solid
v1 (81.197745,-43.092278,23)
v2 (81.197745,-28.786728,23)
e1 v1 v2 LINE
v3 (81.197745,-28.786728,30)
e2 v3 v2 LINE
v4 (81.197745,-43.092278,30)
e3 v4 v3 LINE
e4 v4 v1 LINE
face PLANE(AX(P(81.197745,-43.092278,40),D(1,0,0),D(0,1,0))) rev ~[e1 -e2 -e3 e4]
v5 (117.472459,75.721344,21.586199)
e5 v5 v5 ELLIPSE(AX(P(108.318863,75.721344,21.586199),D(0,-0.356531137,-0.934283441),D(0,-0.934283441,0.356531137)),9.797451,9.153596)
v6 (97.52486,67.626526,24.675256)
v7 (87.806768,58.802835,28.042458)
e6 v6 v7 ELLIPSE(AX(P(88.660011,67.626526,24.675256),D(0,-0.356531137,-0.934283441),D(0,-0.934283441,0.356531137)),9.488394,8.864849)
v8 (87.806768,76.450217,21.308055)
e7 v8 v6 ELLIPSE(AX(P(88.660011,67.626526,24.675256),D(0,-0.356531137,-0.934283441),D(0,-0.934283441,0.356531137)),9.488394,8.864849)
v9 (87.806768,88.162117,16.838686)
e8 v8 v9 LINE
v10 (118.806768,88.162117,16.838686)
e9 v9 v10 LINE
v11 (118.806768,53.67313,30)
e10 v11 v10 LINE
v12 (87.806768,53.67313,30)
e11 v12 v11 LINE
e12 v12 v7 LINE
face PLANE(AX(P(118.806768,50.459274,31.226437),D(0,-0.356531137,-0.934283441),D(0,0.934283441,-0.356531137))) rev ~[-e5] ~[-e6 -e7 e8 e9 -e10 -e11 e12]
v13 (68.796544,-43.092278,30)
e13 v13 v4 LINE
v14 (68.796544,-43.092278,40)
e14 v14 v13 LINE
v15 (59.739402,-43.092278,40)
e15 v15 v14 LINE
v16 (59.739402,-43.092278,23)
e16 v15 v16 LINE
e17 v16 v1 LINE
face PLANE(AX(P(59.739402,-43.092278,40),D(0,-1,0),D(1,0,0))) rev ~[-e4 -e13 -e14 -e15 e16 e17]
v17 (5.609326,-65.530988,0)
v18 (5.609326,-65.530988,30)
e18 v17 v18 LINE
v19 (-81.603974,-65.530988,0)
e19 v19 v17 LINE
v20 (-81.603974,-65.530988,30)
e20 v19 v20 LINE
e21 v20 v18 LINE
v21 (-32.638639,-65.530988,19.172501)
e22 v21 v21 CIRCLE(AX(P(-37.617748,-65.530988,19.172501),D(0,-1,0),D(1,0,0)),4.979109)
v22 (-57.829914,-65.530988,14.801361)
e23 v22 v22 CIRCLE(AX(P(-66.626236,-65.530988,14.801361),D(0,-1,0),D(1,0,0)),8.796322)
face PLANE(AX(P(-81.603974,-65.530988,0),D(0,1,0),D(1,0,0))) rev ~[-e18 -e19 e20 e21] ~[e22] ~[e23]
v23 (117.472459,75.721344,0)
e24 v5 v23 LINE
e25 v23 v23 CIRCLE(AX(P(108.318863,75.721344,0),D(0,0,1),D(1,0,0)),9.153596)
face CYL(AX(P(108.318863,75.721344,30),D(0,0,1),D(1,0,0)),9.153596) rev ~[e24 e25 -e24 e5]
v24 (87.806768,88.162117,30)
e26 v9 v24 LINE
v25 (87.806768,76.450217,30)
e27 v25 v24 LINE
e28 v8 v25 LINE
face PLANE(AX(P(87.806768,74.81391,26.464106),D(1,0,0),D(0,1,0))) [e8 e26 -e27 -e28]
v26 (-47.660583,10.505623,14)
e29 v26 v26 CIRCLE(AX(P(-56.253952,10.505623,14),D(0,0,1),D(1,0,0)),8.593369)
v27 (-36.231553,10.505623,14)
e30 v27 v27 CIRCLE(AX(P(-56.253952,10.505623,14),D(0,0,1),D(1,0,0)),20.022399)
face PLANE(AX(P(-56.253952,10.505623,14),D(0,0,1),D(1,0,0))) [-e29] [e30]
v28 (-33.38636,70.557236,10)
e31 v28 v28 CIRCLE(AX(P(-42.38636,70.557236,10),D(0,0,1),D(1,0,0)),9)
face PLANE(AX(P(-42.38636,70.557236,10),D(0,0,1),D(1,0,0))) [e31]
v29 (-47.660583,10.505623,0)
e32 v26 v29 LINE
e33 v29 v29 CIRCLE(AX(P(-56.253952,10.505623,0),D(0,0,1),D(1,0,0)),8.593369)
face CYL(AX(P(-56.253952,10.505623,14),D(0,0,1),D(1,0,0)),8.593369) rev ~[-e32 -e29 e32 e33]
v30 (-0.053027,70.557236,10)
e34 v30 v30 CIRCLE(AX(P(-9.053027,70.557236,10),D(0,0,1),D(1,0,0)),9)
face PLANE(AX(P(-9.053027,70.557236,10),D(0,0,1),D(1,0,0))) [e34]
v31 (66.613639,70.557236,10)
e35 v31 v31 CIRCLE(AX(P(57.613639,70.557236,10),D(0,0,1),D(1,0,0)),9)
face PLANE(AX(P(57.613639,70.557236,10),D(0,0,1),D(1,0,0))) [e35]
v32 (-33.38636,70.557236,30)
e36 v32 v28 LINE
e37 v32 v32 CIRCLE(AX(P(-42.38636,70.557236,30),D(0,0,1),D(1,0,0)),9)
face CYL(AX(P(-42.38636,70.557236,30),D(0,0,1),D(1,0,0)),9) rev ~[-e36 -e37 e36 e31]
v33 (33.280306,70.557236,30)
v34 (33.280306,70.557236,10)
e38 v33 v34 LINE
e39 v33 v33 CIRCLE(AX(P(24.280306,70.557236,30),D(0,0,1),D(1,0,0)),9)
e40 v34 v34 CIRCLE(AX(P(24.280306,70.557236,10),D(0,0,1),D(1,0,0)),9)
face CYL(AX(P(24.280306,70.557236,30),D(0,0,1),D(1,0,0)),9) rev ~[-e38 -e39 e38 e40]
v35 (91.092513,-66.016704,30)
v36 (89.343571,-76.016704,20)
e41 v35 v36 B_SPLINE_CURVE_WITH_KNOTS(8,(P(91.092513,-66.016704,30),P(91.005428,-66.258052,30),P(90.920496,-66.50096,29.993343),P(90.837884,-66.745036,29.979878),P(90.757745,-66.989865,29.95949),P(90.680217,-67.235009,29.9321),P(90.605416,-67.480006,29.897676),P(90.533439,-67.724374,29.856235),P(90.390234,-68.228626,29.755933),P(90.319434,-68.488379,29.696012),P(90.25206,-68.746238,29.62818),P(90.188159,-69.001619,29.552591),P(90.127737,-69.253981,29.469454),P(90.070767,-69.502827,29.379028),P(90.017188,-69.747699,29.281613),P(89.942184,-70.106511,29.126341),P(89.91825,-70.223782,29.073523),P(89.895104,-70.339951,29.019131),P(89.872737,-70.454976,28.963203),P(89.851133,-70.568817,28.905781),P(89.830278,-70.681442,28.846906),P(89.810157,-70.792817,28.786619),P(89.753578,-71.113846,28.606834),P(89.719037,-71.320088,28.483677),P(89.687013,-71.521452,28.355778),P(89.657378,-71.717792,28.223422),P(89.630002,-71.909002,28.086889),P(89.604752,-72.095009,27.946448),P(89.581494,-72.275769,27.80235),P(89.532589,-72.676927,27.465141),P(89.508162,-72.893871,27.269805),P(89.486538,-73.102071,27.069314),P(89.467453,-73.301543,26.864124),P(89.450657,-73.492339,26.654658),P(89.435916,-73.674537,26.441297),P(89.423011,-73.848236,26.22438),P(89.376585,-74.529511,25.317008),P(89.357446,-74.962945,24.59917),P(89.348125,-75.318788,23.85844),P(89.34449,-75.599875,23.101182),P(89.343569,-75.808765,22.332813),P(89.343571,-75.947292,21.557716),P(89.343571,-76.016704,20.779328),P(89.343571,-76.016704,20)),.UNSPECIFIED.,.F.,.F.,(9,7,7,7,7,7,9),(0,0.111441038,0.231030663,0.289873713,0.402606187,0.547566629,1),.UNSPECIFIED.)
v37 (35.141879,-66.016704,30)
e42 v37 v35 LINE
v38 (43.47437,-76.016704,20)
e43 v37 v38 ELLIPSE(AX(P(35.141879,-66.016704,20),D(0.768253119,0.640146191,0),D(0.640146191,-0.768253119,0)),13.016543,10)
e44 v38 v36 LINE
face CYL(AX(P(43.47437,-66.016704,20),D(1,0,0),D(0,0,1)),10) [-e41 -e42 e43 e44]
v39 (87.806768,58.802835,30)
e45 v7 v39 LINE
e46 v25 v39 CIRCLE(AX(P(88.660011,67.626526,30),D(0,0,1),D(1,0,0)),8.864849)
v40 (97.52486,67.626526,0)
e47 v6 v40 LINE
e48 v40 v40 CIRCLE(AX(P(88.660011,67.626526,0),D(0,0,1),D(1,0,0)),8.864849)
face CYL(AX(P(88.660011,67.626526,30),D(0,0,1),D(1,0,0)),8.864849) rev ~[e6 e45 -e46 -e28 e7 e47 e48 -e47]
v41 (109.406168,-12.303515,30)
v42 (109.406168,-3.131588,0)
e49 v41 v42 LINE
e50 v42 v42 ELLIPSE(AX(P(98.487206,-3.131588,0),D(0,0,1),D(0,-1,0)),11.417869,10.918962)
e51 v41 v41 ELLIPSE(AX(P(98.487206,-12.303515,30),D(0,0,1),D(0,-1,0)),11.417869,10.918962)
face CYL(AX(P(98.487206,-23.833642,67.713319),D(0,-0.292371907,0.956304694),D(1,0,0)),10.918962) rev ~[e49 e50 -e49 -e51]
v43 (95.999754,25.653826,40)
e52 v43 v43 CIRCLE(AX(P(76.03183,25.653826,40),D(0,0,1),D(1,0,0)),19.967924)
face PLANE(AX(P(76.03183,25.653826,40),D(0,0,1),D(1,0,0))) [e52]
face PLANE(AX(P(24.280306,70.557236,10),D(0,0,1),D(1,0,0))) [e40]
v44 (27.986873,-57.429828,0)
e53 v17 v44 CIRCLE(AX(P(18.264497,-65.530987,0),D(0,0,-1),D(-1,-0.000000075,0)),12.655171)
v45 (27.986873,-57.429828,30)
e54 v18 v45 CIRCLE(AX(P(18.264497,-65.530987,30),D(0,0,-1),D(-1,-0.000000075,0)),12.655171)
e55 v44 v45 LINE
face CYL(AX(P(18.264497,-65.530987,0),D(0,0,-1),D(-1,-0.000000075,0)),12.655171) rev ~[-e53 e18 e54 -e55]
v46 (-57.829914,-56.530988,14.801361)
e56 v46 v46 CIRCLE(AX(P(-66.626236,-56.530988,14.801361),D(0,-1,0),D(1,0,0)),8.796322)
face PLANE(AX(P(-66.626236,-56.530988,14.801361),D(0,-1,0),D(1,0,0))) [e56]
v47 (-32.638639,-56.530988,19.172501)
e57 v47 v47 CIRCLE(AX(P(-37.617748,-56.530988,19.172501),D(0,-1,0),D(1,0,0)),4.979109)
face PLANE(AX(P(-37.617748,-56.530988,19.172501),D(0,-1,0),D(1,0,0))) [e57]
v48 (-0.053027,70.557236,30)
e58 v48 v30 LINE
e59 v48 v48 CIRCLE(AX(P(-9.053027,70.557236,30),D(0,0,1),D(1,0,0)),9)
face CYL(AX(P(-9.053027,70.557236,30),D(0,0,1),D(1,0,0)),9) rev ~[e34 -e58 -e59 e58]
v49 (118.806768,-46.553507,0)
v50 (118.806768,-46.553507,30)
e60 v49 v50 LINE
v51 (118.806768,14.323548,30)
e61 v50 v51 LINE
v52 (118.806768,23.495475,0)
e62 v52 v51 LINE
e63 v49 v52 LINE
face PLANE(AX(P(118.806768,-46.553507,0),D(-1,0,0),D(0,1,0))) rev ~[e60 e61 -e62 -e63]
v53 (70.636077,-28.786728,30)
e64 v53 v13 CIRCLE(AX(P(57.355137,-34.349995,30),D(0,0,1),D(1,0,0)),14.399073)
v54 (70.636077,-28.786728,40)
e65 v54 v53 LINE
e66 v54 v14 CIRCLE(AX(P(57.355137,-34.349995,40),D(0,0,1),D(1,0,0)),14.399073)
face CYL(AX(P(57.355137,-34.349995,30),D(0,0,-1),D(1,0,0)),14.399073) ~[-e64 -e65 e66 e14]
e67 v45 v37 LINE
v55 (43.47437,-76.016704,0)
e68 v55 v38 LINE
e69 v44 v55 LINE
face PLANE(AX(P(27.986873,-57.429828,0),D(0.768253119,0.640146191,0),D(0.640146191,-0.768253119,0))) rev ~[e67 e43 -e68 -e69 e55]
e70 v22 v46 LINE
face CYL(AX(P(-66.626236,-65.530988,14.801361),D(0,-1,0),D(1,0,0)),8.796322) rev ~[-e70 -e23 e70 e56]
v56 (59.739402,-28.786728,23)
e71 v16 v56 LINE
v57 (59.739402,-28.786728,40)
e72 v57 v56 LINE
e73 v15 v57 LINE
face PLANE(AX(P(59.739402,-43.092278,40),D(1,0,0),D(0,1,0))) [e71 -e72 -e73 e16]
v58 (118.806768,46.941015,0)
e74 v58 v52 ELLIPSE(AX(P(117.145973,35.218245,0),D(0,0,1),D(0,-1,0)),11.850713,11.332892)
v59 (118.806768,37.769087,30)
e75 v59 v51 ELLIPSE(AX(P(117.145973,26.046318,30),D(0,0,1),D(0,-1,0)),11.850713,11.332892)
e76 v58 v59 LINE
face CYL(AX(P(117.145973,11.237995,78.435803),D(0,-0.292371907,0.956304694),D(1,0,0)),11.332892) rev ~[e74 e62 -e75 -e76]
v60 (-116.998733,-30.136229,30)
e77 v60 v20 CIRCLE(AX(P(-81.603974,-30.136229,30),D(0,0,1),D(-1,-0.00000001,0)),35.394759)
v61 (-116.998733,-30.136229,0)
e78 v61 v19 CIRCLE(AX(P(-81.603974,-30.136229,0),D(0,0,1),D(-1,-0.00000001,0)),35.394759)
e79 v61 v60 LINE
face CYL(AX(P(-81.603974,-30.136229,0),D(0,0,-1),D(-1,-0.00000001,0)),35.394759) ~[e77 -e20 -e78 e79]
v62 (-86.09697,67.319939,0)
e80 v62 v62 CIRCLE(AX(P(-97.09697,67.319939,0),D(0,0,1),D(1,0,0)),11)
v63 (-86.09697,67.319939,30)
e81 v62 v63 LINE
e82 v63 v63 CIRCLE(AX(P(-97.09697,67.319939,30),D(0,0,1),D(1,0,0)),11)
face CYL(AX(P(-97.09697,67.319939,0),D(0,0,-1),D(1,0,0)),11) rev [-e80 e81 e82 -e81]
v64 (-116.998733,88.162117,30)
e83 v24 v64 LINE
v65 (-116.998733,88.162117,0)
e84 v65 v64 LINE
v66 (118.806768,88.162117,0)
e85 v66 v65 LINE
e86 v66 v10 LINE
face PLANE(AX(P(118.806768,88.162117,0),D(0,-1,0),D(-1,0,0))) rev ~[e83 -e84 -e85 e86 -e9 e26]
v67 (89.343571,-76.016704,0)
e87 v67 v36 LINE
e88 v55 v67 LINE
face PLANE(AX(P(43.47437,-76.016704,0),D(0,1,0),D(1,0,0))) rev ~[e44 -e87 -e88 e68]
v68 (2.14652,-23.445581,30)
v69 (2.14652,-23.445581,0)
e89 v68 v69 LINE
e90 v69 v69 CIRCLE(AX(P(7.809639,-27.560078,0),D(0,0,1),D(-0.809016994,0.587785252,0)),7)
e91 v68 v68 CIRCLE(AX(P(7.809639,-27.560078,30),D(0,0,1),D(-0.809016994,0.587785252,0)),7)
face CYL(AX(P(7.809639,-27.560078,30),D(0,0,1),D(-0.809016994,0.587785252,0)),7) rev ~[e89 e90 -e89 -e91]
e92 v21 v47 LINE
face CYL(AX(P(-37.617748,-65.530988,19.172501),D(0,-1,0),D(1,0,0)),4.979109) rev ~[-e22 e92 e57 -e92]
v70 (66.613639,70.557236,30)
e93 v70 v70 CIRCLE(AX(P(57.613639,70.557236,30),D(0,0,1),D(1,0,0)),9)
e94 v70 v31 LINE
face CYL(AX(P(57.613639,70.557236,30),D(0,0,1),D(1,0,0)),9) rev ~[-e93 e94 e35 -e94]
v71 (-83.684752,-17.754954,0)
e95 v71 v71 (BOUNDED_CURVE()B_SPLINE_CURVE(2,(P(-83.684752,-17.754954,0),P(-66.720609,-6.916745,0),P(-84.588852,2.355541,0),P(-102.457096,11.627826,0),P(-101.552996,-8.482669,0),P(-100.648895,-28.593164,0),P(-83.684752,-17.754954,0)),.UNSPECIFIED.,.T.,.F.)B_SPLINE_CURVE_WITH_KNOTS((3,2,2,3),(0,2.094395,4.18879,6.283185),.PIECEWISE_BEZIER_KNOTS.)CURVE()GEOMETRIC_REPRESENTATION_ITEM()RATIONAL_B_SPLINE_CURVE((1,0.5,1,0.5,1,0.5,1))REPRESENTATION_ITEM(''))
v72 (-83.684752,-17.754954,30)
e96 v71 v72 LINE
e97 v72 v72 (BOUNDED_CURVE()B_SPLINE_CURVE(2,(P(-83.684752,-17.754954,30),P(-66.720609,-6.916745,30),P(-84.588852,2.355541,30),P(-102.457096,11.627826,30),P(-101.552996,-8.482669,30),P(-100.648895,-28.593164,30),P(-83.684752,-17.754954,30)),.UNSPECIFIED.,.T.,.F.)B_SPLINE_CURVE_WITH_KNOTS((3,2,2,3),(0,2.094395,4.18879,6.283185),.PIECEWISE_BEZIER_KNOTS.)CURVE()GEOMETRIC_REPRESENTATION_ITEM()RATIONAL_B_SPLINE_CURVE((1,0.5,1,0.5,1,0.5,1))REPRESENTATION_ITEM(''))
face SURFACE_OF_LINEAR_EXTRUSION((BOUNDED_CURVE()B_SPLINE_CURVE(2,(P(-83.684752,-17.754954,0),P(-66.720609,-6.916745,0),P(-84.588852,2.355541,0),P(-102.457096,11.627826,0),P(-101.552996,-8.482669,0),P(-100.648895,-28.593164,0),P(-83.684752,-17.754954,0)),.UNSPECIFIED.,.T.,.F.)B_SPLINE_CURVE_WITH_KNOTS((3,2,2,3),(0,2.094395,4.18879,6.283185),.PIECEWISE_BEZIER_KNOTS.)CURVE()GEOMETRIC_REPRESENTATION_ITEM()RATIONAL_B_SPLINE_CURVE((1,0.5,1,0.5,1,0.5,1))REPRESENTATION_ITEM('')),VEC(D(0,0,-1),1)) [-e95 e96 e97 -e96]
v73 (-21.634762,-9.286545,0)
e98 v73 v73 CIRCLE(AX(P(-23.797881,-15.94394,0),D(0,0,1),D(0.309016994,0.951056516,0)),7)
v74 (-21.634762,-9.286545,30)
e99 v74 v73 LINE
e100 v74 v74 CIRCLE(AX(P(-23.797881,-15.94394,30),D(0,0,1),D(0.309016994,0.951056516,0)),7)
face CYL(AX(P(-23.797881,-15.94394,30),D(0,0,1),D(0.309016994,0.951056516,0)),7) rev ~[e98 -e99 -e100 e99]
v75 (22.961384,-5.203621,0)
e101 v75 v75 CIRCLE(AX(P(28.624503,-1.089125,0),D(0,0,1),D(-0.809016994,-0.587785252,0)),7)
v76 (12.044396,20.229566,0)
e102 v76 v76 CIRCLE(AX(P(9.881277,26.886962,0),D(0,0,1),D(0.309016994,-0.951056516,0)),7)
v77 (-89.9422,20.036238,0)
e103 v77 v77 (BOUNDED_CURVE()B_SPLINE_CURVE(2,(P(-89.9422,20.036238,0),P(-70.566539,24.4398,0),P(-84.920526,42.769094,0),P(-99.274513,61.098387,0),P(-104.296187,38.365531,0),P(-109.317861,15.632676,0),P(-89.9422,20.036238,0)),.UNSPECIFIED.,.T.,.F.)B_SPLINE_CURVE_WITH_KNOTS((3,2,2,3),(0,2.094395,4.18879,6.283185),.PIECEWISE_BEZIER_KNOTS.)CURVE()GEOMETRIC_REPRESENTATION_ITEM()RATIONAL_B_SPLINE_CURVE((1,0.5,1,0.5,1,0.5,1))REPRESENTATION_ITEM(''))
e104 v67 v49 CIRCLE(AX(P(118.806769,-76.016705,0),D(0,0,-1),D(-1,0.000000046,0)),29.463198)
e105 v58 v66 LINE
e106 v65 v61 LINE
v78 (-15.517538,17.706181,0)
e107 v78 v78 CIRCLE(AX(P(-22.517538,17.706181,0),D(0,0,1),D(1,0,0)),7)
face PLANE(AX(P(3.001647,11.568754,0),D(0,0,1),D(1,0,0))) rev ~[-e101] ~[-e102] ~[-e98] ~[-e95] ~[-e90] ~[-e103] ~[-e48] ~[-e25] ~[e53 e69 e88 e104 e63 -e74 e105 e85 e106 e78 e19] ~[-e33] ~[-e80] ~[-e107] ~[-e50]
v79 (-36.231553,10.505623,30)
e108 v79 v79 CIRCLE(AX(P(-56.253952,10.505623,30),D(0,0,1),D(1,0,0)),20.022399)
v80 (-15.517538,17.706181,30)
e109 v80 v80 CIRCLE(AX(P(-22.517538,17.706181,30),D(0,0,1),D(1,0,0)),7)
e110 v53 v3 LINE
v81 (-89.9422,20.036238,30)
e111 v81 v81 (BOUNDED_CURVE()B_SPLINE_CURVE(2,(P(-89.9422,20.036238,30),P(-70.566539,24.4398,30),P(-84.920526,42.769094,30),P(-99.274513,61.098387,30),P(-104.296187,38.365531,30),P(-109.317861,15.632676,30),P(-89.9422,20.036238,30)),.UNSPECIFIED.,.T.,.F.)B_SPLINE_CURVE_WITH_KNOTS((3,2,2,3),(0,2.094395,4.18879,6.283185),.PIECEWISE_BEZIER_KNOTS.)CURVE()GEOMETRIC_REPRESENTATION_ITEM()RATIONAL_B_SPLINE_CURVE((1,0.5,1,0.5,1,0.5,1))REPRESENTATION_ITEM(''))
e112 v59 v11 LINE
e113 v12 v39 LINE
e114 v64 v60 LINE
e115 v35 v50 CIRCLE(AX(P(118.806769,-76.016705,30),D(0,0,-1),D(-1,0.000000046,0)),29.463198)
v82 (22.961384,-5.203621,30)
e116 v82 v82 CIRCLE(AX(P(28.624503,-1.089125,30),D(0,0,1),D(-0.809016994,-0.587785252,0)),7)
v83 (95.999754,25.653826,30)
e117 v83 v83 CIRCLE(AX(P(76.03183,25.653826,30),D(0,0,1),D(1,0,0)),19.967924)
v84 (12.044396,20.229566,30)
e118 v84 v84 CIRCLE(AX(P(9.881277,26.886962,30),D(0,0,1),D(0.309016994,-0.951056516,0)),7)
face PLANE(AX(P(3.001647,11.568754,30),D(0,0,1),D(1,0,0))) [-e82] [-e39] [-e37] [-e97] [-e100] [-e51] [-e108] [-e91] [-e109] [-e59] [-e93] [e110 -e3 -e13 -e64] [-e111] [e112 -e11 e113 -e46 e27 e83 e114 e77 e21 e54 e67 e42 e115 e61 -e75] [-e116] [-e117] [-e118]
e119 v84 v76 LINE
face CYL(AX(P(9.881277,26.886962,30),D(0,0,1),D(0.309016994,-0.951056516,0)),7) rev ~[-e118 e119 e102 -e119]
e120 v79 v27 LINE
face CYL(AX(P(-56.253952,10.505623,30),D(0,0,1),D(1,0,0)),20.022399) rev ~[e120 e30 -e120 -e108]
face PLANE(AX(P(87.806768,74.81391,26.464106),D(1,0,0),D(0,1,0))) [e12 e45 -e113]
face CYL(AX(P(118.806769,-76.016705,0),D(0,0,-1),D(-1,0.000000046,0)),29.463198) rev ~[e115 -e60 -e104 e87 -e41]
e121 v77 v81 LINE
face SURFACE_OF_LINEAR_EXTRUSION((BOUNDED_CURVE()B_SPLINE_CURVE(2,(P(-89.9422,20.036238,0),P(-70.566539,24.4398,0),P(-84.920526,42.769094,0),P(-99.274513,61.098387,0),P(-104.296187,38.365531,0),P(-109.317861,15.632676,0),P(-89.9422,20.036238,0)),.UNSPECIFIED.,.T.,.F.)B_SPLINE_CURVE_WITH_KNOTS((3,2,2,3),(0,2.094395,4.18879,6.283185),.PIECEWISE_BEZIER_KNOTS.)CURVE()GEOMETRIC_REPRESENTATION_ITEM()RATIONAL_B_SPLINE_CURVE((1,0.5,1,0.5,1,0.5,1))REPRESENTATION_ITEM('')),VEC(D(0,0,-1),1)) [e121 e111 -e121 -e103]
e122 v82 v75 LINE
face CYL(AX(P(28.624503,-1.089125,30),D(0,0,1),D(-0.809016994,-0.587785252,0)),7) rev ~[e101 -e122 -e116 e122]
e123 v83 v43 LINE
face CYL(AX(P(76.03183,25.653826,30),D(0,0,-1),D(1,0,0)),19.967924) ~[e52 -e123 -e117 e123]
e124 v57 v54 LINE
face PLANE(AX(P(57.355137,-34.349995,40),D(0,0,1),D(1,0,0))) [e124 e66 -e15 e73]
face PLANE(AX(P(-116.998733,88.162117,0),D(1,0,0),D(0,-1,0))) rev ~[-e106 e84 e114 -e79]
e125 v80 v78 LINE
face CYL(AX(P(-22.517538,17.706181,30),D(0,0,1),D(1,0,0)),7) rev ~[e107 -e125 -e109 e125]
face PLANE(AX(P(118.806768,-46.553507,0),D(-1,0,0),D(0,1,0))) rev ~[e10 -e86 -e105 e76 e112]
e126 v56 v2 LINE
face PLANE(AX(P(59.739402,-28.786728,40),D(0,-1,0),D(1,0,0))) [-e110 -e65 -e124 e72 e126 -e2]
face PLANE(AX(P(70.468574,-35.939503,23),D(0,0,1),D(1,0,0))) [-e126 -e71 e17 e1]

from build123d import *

# Parameters (mm, degrees)
SKETCH_R            = 11
PAD_DEPTH           = 30
SKETCH001_R         = 9
POCKET_DEPTH        = 20
LINEARPATTERN_COUNT = 4
LINEARPATTERN_PITCH = 33.333333
SKETCH002_R         = 7
POCKET001_DEPTH     = 50
POLARPATTERN_COUNT  = 5
SKETCH003_R         = 19.967924
PAD001_DEPTH        = 10
SKETCH004_R         = 14.399073
PAD002_DEPTH        = 10
SKETCH005_W         = 21.458343
SKETCH005_H         = 14.30555
POCKET002_DEPTH     = 17
SKETCH006_R         = 8.796322
SKETCH006_R_2       = 4.979109
POCKET003_DEPTH     = 9
SKETCH007_R         = 9.153596
SKETCH007_R_2       = 8.864849
POCKET004_DEPTH     = 30.001
POCKET005_DEPTH     = 31
SKETCH009_R         = 20.022399
POCKET006_DEPTH     = 16
SKETCH010_R         = 8.593369
POCKET007_DEPTH     = 14.001
SKETCH011_R         = 11.332892
SKETCH011_R_2       = 10.918962
POCKET008_DEPTH     = 97.499965
FILLET001_R         = 10


with BuildPart() as part:
    # Sketch → Pad (new body)
    with BuildSketch(Plane.XY):
        with BuildLine():
            Line((-116.998733, 88.162117), (-116.998733, -30.136229))
            ThreePointArc((-116.998733, -30.136229), (-106.631848, -55.164103), (-81.603974, -65.530988))
            Line((-81.603974, -65.530988), (5.609326, -65.530988))
            ThreePointArc((5.609326, -65.530988), (13.956653, -53.631582), (27.986873, -57.429828))
            Line((27.986873, -57.429828), (43.47437, -76.016704))
            Line((43.47437, -76.016704), (89.343571, -76.016704))
            ThreePointArc((89.343571, -76.016704), (97.973142, -55.183078), (118.806768, -46.553507))
            Line((118.806768, -46.553507), (118.806768, 88.162117))
            Line((118.806768, 88.162117), (-116.998733, 88.162117))
        make_face()
        with Locations((-97.09697, 67.319939)):
            Circle(SKETCH_R, mode=Mode.SUBTRACT)
        with BuildLine():
            add(Edge.make_bspline(
                [(-89.9422, 20.036238), (-70.566539, 24.4398), (-84.920526, 42.769094), (-99.274513, 61.098387), (-104.296187, 38.365531), (-109.317861, 15.632676), (-89.9422, 20.036238)],
                knots=[0, 0, 0, 2.094395, 2.094395, 4.18879, 4.18879, 6.283185, 6.283185, 6.283185], degree=2, weights=[1, 0.5, 1, 0.5, 1, 0.5, 1]))
        make_face(mode=Mode.SUBTRACT)
        with BuildLine():
            add(Edge.make_bspline(
                [(-83.684752, -17.754954), (-66.720609, -6.916745), (-84.588852, 2.355541), (-102.457096, 11.627826), (-101.552996, -8.482669), (-100.648895, -28.593164), (-83.684752, -17.754954)],
                knots=[0, 0, 0, 2.094395, 2.094395, 4.18879, 4.18879, 6.283185, 6.283185, 6.283185], degree=2, weights=[1, 0.5, 1, 0.5, 1, 0.5, 1]))
        make_face(mode=Mode.SUBTRACT)
    extrude(amount=PAD_DEPTH)

    # Sketch001 (on Face14 of Pad) → Pocket (cut)
    with BuildSketch(Plane.XY.offset(30)):
        with Locations((-42.38636, 70.557236)):
            Circle(SKETCH001_R)
    pocket = extrude(amount=-POCKET_DEPTH, mode=Mode.SUBTRACT)

    # LinearPattern: Pocket ×4
    with Locations(*[(i * LINEARPATTERN_PITCH, 0, 0) for i in range(1, LINEARPATTERN_COUNT)]):
        add(pocket, mode=Mode.SUBTRACT)

    # Sketch002 (on Face5 of LinearPattern) → Pocket001 (cut)
    with BuildSketch(Plane.XY.offset(30)):
        with Locations((-22.517538, 17.706181)):
            Circle(SKETCH002_R)
    pocket001 = extrude(amount=-POCKET001_DEPTH, mode=Mode.SUBTRACT)

    # PolarPattern: Pocket001 ×5 about axis
    polarpattern_axis = Axis((0, 0, 30), (0, 0, 1))
    for i in range(1, POLARPATTERN_COUNT):
        add(pocket001.rotate(polarpattern_axis, i * 360 / POLARPATTERN_COUNT), mode=Mode.SUBTRACT)

    # Sketch003 (on Face5 of PolarPattern) → Pad001 (join)
    with BuildSketch(Plane.XY.offset(30)):
        with Locations((76.03183, 25.653826)):
            Circle(SKETCH003_R)
    extrude(amount=PAD001_DEPTH)

    # Sketch004 (on Face5 of Pad001) → Pad002 (join)
    with BuildSketch(Plane.XY.offset(30)):
        with Locations((57.355137, -34.349995)):
            Circle(SKETCH004_R)
    extrude(amount=PAD002_DEPTH)

    # Sketch005 (on Face27 of Pad002) → Pocket002 (cut)
    with BuildSketch(Plane.XY.offset(40)):
        with Locations((70.468574, -35.939503)):
            Rectangle(SKETCH005_W, SKETCH005_H)
    extrude(amount=-POCKET002_DEPTH, mode=Mode.SUBTRACT)

    # Sketch006 (on Face7 of Pocket002) → Pocket003 (cut)
    with BuildSketch(Plane.XZ.offset(65.530988)):
        with Locations((-66.626236, 14.801361)):
            Circle(SKETCH006_R)
        with Locations((-37.617748, 19.172501)):
            Circle(SKETCH006_R_2)
    extrude(amount=-POCKET003_DEPTH, mode=Mode.SUBTRACT)

    # Sketch007 (on Face5 of Pocket003) → Pocket004 (cut, through all)
    with BuildSketch(Plane.XY.offset(30)):
        with Locations((108.318863, 75.721344)):
            Circle(SKETCH007_R)
        with Locations((88.660011, 67.626526)):
            Circle(SKETCH007_R_2)
    extrude(amount=-POCKET004_DEPTH, mode=Mode.SUBTRACT)

    # Sketch008 (on Face6 of Pocket004) → Pocket005 (cut)
    with BuildSketch(Plane.YZ.offset(118.806768)):
        Polygon((50.459274, 31.226437), (92.608627, 15.141857), (92.608627, 31.226437), align=None)
    extrude(amount=-POCKET005_DEPTH, mode=Mode.SUBTRACT)

    # Sketch009 (on Face5 of Pocket005) → Pocket006 (cut)
    with BuildSketch(Plane.XY.offset(30)):
        with Locations((-56.253952, 10.505623)):
            Circle(SKETCH009_R)
    extrude(amount=-POCKET006_DEPTH, mode=Mode.SUBTRACT)

    # Sketch010 (on Face39 of Pocket006) → Pocket007 (cut, through all)
    with BuildSketch(Plane.XY.offset(14)):
        with Locations((-56.253952, 10.505623)):
            Circle(SKETCH010_R)
    extrude(amount=-POCKET007_DEPTH, mode=Mode.SUBTRACT)

    # Sketch011 (on DatumPlane) → Pocket008 (cut, through all)
    with BuildSketch(Plane(origin=(0, 0, 75), x_dir=(1, 0, 0), z_dir=(0, -0.292372, 0.956305))):
        with Locations((117.145973, 11.75148)):
            Circle(SKETCH011_R)
        with Locations((98.487206, -24.922645)):
            Circle(SKETCH011_R_2)
    extrude(amount=-POCKET008_DEPTH, mode=Mode.SUBTRACT)

    # Fillet001
    fillet001_edges = [part.edges().sort_by_distance(p)[0] for p in [
        (66.40897, -76.016704, 30),
    ]]
    fillet(fillet001_edges, radius=FILLET001_R)


solid = part.part
